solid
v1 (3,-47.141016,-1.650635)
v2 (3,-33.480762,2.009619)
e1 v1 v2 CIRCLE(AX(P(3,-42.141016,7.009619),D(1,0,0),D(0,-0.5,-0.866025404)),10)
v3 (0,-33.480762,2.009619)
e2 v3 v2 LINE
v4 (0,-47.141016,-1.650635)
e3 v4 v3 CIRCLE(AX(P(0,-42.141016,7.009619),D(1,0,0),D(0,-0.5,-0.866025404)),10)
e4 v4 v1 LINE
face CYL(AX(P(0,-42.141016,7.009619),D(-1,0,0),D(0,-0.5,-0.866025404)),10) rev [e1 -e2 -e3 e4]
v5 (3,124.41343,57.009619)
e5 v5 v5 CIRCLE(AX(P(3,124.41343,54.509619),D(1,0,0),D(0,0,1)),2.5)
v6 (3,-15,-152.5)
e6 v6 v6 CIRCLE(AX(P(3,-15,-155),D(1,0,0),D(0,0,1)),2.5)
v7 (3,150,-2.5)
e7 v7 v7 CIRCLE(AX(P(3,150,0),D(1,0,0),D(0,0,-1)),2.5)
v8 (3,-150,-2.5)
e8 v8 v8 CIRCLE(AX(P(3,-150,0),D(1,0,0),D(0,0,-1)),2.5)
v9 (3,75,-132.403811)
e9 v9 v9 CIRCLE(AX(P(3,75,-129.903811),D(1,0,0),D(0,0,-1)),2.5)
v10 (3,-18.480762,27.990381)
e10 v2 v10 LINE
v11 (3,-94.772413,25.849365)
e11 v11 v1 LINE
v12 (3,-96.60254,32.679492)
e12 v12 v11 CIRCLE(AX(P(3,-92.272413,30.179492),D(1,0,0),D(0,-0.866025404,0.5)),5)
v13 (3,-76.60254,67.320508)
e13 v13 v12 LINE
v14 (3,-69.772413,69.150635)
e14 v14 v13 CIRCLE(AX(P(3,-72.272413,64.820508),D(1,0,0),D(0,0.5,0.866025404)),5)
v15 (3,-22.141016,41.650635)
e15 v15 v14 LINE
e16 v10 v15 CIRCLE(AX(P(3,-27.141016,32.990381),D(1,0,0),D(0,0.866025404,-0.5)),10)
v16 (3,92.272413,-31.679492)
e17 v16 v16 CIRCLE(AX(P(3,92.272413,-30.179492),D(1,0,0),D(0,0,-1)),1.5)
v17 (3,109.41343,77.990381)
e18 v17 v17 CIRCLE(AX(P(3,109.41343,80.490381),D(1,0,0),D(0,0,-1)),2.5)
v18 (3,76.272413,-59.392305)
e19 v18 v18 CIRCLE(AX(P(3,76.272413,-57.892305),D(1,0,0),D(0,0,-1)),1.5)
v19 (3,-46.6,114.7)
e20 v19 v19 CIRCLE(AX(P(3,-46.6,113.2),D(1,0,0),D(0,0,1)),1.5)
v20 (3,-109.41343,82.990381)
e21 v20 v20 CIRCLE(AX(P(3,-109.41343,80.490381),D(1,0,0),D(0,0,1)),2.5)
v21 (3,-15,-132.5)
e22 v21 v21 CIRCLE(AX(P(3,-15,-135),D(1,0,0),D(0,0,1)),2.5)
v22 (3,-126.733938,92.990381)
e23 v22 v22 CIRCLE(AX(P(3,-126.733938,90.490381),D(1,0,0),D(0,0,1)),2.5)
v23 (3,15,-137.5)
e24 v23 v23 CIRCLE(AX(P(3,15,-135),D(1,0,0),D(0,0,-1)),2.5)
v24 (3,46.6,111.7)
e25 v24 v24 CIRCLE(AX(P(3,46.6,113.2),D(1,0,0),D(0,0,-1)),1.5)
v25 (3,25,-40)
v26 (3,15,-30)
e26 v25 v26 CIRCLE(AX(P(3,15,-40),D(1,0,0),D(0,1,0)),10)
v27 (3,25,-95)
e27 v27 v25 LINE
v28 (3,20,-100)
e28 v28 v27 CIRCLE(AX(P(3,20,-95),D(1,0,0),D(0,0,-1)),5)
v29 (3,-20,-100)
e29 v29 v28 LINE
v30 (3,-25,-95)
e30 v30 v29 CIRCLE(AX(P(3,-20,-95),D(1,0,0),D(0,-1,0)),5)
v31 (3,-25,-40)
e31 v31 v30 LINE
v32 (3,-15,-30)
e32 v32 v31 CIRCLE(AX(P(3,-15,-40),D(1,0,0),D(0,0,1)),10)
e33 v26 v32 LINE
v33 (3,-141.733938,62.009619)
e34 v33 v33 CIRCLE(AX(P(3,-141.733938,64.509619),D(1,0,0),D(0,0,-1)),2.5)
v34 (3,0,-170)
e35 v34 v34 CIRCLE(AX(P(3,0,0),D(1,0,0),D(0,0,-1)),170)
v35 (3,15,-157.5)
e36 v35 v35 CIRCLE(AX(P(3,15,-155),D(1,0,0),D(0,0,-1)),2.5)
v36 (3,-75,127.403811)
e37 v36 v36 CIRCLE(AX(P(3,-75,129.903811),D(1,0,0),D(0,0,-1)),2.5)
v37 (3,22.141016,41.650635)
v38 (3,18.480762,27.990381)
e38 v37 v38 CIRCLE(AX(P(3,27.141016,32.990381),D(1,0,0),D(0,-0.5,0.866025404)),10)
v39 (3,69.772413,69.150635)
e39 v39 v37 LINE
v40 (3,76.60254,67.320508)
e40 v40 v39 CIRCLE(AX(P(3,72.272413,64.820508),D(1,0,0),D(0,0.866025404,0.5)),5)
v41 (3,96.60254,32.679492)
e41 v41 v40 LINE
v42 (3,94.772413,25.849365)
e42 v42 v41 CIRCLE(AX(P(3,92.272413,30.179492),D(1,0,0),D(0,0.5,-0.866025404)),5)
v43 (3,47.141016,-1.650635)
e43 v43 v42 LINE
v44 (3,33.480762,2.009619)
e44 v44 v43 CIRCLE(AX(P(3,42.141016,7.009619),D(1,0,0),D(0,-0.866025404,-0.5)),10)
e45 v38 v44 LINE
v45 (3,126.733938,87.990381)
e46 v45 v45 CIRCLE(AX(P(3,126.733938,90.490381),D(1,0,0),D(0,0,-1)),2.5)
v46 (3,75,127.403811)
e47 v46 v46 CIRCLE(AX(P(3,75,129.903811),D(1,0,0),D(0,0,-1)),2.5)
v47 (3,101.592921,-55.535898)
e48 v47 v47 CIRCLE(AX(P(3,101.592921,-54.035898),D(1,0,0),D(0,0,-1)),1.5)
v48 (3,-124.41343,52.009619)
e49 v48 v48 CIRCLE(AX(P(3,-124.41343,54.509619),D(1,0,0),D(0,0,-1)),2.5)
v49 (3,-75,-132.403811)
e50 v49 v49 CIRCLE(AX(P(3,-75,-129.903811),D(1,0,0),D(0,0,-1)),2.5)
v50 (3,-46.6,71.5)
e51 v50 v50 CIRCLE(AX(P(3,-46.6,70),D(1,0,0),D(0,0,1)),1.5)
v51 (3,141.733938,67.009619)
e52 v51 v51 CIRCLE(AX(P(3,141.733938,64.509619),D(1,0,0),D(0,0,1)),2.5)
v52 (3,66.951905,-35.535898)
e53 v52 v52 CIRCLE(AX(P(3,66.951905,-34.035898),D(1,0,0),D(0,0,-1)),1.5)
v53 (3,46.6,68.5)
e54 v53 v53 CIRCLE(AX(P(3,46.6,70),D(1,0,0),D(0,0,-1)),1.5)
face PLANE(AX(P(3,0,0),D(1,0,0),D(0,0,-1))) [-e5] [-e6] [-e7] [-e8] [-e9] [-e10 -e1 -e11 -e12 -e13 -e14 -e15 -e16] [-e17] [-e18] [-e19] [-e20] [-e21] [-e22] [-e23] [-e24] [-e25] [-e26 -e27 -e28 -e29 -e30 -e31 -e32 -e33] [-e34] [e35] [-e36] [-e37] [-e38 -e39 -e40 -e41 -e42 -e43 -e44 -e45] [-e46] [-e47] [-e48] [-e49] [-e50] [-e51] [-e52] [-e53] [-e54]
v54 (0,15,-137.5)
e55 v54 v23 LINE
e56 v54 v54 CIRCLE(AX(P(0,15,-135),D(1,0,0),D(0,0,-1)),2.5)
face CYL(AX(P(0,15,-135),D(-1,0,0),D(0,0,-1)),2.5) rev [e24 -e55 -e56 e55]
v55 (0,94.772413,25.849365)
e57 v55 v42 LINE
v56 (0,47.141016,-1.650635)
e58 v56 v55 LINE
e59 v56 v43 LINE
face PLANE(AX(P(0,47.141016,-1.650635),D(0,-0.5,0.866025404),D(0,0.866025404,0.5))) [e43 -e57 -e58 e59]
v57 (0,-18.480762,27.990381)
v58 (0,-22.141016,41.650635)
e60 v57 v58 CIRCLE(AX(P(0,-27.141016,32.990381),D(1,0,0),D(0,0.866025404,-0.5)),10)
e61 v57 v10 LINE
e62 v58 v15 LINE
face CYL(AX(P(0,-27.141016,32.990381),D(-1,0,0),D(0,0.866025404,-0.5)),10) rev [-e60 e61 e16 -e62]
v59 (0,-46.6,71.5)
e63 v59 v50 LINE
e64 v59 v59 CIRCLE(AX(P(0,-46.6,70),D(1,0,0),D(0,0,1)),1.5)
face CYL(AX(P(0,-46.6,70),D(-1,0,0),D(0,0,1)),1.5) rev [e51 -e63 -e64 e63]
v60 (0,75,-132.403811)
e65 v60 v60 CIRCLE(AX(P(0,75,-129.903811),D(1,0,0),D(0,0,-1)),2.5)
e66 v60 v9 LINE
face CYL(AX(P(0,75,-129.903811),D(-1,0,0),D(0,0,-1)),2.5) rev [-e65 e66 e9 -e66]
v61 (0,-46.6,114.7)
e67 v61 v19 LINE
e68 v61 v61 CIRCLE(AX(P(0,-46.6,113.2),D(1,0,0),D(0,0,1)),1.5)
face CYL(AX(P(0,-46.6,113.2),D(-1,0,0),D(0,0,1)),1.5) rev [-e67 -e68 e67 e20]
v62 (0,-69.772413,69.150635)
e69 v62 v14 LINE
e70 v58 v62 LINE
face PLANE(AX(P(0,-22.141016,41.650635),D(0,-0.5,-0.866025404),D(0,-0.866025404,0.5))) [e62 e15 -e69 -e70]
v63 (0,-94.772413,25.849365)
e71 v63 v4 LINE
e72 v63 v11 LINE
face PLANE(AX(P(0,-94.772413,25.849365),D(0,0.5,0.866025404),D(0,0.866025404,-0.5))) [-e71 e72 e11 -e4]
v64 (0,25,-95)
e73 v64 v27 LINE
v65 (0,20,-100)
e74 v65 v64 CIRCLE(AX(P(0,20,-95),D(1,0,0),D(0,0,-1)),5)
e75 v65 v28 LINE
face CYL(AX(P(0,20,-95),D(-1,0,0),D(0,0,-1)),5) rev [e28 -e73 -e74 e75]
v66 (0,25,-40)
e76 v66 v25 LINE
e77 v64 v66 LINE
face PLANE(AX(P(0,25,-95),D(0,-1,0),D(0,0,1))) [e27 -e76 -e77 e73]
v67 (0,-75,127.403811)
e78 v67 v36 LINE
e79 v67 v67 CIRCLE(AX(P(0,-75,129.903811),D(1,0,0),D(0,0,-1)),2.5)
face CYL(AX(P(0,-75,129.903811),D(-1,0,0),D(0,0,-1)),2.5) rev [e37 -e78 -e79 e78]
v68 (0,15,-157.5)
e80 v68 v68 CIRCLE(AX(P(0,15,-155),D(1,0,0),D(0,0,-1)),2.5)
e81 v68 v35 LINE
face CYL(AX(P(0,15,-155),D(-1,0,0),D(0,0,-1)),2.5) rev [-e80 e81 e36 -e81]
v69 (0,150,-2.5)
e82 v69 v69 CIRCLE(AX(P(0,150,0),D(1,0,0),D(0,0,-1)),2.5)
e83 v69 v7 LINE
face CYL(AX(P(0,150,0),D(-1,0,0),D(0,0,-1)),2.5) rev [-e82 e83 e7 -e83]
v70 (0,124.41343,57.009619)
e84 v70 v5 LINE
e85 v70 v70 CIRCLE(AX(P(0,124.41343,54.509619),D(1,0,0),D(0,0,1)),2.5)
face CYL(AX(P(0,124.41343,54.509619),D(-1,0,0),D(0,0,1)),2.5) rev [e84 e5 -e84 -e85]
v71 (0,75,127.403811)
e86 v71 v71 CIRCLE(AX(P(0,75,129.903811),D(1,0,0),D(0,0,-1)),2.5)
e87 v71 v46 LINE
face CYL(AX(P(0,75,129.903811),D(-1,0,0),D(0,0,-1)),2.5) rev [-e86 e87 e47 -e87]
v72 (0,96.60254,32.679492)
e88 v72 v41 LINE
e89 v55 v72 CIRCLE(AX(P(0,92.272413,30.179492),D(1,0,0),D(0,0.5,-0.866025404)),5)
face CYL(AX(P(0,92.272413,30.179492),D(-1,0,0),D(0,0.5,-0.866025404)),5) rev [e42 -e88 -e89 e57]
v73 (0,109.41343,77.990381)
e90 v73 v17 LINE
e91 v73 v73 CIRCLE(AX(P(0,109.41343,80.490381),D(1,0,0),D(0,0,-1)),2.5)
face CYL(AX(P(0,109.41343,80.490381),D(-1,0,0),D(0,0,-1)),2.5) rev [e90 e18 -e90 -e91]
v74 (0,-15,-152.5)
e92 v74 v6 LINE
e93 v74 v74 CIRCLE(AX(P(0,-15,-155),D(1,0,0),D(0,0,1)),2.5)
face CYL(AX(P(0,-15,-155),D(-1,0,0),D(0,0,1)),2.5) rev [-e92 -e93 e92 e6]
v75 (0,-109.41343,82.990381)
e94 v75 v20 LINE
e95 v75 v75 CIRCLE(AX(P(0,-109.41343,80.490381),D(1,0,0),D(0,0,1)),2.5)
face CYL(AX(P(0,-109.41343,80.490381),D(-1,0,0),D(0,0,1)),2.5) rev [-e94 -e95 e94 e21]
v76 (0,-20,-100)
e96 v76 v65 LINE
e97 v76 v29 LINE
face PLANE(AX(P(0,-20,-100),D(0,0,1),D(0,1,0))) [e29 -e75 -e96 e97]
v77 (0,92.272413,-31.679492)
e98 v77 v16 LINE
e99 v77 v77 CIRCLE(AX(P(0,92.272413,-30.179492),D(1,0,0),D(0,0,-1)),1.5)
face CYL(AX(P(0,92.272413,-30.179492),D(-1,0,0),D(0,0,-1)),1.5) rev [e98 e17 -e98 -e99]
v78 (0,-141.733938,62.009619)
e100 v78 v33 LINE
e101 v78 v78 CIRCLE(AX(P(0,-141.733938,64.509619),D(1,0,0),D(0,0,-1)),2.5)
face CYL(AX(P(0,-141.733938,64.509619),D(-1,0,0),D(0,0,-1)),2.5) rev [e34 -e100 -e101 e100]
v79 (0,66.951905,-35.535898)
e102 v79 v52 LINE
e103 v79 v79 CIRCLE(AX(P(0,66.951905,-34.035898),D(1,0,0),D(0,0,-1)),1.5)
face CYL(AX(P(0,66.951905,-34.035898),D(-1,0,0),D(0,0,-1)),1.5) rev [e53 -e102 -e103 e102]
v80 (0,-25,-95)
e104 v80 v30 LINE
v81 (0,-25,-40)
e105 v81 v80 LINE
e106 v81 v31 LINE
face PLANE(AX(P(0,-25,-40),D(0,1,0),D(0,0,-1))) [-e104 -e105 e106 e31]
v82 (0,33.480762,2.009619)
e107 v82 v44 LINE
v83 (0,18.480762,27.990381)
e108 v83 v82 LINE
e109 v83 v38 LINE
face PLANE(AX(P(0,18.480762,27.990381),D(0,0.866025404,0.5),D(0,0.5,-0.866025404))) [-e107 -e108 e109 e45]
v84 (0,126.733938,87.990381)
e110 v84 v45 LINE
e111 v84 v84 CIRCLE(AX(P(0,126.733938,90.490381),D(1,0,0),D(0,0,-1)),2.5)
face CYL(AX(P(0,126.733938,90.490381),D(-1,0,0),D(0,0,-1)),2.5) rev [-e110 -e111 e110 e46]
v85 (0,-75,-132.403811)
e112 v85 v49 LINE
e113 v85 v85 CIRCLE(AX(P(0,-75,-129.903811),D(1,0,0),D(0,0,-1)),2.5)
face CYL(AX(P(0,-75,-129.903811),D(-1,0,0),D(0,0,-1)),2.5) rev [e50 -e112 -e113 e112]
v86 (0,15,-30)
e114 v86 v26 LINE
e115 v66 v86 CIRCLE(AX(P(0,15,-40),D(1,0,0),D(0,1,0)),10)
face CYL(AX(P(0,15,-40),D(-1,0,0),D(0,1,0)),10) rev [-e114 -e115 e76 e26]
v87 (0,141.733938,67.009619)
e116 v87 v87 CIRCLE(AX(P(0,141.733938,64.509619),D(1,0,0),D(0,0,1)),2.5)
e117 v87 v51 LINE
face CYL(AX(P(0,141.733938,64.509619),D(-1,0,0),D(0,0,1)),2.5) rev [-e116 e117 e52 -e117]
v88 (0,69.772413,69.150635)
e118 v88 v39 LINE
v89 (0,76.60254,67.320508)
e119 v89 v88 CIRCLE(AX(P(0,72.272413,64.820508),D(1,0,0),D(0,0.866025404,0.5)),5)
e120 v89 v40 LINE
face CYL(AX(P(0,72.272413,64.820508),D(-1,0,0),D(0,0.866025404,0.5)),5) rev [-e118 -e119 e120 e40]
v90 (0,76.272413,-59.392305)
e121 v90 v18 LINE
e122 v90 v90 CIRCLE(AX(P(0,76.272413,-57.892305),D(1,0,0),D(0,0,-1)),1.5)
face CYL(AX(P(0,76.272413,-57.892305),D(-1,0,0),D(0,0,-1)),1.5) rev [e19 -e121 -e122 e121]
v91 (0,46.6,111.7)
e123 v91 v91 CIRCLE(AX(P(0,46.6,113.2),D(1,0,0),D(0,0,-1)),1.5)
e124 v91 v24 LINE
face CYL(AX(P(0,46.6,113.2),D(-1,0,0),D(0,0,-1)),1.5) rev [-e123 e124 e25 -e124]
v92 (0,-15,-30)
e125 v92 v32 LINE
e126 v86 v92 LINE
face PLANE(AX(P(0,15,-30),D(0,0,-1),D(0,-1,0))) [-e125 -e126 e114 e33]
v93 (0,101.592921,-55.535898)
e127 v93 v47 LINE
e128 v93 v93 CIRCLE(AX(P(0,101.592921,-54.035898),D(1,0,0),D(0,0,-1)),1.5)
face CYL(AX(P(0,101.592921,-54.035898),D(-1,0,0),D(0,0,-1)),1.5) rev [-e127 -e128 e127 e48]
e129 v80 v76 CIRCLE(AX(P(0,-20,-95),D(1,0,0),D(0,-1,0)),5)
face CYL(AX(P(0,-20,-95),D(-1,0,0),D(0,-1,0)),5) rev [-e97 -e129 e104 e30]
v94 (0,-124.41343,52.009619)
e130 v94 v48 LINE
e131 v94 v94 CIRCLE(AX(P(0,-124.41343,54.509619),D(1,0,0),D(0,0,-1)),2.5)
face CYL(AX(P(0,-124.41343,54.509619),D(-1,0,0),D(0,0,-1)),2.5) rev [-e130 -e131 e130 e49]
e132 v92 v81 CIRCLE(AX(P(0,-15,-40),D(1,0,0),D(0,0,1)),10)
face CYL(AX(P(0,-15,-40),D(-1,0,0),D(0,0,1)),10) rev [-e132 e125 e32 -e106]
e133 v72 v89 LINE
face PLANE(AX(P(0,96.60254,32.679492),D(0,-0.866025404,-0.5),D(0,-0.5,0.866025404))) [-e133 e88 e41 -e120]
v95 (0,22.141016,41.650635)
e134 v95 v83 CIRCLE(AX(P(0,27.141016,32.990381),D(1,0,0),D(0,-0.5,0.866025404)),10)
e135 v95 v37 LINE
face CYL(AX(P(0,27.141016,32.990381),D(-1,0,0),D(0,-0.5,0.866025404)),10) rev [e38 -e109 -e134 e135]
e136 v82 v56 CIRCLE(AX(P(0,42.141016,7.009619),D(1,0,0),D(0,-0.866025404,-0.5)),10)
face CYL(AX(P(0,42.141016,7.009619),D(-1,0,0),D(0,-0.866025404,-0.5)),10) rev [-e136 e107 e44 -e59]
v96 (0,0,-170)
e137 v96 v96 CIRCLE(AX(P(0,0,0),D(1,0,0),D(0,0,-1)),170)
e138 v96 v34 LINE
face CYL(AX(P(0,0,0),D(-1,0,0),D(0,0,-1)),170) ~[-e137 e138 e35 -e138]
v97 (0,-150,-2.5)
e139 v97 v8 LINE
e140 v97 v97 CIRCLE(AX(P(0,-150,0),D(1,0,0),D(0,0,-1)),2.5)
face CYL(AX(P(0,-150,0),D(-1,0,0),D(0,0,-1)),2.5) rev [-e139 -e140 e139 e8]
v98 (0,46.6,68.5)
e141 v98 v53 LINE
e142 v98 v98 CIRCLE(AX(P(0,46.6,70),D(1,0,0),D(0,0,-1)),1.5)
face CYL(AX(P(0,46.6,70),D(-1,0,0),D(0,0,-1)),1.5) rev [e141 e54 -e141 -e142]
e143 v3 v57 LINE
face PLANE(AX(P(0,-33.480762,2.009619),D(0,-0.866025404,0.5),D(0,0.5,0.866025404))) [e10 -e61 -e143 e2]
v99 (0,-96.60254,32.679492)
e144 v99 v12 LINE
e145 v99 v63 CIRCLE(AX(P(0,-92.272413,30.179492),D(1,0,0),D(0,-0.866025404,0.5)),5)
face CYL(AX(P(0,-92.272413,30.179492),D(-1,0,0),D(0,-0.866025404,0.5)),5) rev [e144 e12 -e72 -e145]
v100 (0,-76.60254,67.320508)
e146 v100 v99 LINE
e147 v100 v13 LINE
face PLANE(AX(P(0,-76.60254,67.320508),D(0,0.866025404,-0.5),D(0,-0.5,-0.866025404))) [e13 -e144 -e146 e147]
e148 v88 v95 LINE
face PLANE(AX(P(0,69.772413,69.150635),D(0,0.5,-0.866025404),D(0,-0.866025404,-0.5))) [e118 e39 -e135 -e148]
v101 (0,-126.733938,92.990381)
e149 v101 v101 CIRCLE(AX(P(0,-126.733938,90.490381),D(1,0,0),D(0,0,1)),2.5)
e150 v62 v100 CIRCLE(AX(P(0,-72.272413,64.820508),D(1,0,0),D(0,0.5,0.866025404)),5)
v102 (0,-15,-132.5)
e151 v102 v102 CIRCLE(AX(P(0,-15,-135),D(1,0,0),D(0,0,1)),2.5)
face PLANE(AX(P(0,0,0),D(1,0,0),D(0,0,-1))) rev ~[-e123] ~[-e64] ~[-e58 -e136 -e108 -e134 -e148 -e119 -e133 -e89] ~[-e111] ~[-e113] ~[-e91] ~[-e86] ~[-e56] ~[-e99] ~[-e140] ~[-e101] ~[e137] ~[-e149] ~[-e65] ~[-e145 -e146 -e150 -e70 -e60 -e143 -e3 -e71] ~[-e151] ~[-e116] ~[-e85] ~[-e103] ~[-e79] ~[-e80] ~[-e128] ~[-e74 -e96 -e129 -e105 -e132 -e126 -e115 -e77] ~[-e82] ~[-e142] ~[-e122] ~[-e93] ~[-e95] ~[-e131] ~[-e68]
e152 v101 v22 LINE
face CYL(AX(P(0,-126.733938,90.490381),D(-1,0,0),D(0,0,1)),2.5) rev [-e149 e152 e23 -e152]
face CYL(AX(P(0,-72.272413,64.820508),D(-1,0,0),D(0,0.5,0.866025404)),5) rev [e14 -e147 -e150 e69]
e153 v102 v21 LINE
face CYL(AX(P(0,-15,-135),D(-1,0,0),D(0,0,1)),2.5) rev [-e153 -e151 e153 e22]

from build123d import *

# Parameters (mm, degrees)
SKETCH_1_R      = 170
SKETCH_1_R_2    = 2.5
SKETCH_1_R_3    = 1.5
EXTRUDE_1_DEPTH = 3


with BuildPart() as part:
    # 草图1 → 凸台-拉伸1 (new body)
    with BuildSketch(Plane(origin=(0, 0, 0), x_dir=(0, 0, -1), z_dir=(1, 0, 0))):
        Circle(SKETCH_1_R)
        with Locations((155, 15)):
            Circle(SKETCH_1_R_2, mode=Mode.SUBTRACT)
        with Locations((135, 15)):
            Circle(SKETCH_1_R_2, mode=Mode.SUBTRACT)
        with Locations(Location((135, -15, 0), (0, 0, 180))):
            Circle(SKETCH_1_R_2, mode=Mode.SUBTRACT)
        with Locations(Location((155, -15, 0), (0, 0, 180))):
            Circle(SKETCH_1_R_2, mode=Mode.SUBTRACT)
        with Locations((-90.490381057, 126.733937587)):
            Circle(SKETCH_1_R_2, mode=Mode.SUBTRACT)
        with Locations((-80.490381057, 109.413429511)):
            Circle(SKETCH_1_R_2, mode=Mode.SUBTRACT)
        with Locations(Location((-54.509618943, 124.413429511, 0), (0, 0, 180))):
            Circle(SKETCH_1_R_2, mode=Mode.SUBTRACT)
        with Locations(Location((-64.509618943, 141.733937587, 0), (0, 0, 180))):
            Circle(SKETCH_1_R_2, mode=Mode.SUBTRACT)
        with Locations((-64.509618943, -141.733937587)):
            Circle(SKETCH_1_R_2, mode=Mode.SUBTRACT)
        with Locations((-54.509618943, -124.413429511)):
            Circle(SKETCH_1_R_2, mode=Mode.SUBTRACT)
        with Locations(Location((-80.490381057, -109.413429511, 0), (0, 0, 180))):
            Circle(SKETCH_1_R_2, mode=Mode.SUBTRACT)
        with Locations(Location((-90.490381057, -126.733937587, 0), (0, 0, 180))):
            Circle(SKETCH_1_R_2, mode=Mode.SUBTRACT)
        with Locations((-70, 46.6)):
            Circle(SKETCH_1_R_3, mode=Mode.SUBTRACT)
        with Locations((-113.2, 46.6)):
            Circle(SKETCH_1_R_3, mode=Mode.SUBTRACT)
        with Locations(Location((-113.2, -46.6, 0), (0, 0, 180))):
            Circle(SKETCH_1_R_3, mode=Mode.SUBTRACT)
        with Locations(Location((-70, -46.6, 0), (0, 0, 180))):
            Circle(SKETCH_1_R_3, mode=Mode.SUBTRACT)
        with Locations((0, -150)):
            Circle(SKETCH_1_R_2, mode=Mode.SUBTRACT)
        with Locations((-129.903810568, -75)):
            Circle(SKETCH_1_R_2, mode=Mode.SUBTRACT)
        with Locations((-129.903810568, 75)):
            Circle(SKETCH_1_R_2, mode=Mode.SUBTRACT)
        with Locations((0, 150)):
            Circle(SKETCH_1_R_2, mode=Mode.SUBTRACT)
        with Locations((129.903810568, 75)):
            Circle(SKETCH_1_R_2, mode=Mode.SUBTRACT)
        with Locations((129.903810568, -75)):
            Circle(SKETCH_1_R_2, mode=Mode.SUBTRACT)
        with Locations((54.035898385, 101.592921435)):
            Circle(SKETCH_1_R_3, mode=Mode.SUBTRACT)
        with Locations((34.035898385, 66.951905284)):
            Circle(SKETCH_1_R_3, mode=Mode.SUBTRACT)
        with Locations((57.892304845, 76.27241336)):
            Circle(SKETCH_1_R_3, mode=Mode.SUBTRACT)
        with Locations((30.179491924, 92.27241336)):
            Circle(SKETCH_1_R_3, mode=Mode.SUBTRACT)
        with BuildLine():
            Line((100, 0), (100, 20))
            ThreePointArc((100, 20), (98.535533906, 23.535533906), (95, 25))
            Line((95, 25), (40, 25))
            ThreePointArc((40, 25), (32.928932188, 22.071067812), (30, 15))
            Line((30, 15), (30, -15))
            ThreePointArc((30, -15), (32.928932188, -22.071067812), (40, -25))
            Line((40, -25), (95, -25))
            ThreePointArc((95, -25), (98.535533906, -23.535533906), (100, -20))
            Line((100, -20), (100, 0))
        make_face(mode=Mode.SUBTRACT)
        with BuildLine():
            Line((-50, 86.602540378), (-67.320508076, 76.602540378))
            ThreePointArc((-67.320508076, 76.602540378), (-69.650137207, 73.566508585), (-69.150635095, 69.77241336))
            Line((-69.150635095, 69.77241336), (-41.650635095, 22.141016151))
            ThreePointArc((-41.650635095, 22.141016151), (-35.578571508, 17.481757888), (-27.990381057, 18.480762114))
            Line((-27.990381057, 18.480762114), (-2.009618943, 33.480762114))
            ThreePointArc((-2.009618943, 33.480762114), (2.64963932, 39.5528257), (1.650635095, 47.141016151))
            Line((1.650635095, 47.141016151), (-25.849364905, 94.77241336))
            ThreePointArc((-25.849364905, 94.77241336), (-28.885396699, 97.102042491), (-32.679491924, 96.602540378))
            Line((-32.679491924, 96.602540378), (-50, 86.602540378))
        make_face(mode=Mode.SUBTRACT)
        with BuildLine():
            Line((-50, -86.602540378), (-32.679491924, -96.602540378))
            ThreePointArc((-32.679491924, -96.602540378), (-28.885396699, -97.102042491), (-25.849364905, -94.77241336))
            Line((-25.849364905, -94.77241336), (1.650635095, -47.141016151))
            ThreePointArc((1.650635095, -47.141016151), (2.64963932, -39.5528257), (-2.009618943, -33.480762114))
            Line((-2.009618943, -33.480762114), (-27.990381057, -18.480762114))
            ThreePointArc((-27.990381057, -18.480762114), (-35.578571508, -17.481757888), (-41.650635095, -22.141016151))
            Line((-41.650635095, -22.141016151), (-69.150635095, -69.77241336))
            ThreePointArc((-69.150635095, -69.77241336), (-69.650137207, -73.566508585), (-67.320508076, -76.602540378))
            Line((-67.320508076, -76.602540378), (-50, -86.602540378))
        make_face(mode=Mode.SUBTRACT)
    extrude(amount=EXTRUDE_1_DEPTH)


solid = part.part
